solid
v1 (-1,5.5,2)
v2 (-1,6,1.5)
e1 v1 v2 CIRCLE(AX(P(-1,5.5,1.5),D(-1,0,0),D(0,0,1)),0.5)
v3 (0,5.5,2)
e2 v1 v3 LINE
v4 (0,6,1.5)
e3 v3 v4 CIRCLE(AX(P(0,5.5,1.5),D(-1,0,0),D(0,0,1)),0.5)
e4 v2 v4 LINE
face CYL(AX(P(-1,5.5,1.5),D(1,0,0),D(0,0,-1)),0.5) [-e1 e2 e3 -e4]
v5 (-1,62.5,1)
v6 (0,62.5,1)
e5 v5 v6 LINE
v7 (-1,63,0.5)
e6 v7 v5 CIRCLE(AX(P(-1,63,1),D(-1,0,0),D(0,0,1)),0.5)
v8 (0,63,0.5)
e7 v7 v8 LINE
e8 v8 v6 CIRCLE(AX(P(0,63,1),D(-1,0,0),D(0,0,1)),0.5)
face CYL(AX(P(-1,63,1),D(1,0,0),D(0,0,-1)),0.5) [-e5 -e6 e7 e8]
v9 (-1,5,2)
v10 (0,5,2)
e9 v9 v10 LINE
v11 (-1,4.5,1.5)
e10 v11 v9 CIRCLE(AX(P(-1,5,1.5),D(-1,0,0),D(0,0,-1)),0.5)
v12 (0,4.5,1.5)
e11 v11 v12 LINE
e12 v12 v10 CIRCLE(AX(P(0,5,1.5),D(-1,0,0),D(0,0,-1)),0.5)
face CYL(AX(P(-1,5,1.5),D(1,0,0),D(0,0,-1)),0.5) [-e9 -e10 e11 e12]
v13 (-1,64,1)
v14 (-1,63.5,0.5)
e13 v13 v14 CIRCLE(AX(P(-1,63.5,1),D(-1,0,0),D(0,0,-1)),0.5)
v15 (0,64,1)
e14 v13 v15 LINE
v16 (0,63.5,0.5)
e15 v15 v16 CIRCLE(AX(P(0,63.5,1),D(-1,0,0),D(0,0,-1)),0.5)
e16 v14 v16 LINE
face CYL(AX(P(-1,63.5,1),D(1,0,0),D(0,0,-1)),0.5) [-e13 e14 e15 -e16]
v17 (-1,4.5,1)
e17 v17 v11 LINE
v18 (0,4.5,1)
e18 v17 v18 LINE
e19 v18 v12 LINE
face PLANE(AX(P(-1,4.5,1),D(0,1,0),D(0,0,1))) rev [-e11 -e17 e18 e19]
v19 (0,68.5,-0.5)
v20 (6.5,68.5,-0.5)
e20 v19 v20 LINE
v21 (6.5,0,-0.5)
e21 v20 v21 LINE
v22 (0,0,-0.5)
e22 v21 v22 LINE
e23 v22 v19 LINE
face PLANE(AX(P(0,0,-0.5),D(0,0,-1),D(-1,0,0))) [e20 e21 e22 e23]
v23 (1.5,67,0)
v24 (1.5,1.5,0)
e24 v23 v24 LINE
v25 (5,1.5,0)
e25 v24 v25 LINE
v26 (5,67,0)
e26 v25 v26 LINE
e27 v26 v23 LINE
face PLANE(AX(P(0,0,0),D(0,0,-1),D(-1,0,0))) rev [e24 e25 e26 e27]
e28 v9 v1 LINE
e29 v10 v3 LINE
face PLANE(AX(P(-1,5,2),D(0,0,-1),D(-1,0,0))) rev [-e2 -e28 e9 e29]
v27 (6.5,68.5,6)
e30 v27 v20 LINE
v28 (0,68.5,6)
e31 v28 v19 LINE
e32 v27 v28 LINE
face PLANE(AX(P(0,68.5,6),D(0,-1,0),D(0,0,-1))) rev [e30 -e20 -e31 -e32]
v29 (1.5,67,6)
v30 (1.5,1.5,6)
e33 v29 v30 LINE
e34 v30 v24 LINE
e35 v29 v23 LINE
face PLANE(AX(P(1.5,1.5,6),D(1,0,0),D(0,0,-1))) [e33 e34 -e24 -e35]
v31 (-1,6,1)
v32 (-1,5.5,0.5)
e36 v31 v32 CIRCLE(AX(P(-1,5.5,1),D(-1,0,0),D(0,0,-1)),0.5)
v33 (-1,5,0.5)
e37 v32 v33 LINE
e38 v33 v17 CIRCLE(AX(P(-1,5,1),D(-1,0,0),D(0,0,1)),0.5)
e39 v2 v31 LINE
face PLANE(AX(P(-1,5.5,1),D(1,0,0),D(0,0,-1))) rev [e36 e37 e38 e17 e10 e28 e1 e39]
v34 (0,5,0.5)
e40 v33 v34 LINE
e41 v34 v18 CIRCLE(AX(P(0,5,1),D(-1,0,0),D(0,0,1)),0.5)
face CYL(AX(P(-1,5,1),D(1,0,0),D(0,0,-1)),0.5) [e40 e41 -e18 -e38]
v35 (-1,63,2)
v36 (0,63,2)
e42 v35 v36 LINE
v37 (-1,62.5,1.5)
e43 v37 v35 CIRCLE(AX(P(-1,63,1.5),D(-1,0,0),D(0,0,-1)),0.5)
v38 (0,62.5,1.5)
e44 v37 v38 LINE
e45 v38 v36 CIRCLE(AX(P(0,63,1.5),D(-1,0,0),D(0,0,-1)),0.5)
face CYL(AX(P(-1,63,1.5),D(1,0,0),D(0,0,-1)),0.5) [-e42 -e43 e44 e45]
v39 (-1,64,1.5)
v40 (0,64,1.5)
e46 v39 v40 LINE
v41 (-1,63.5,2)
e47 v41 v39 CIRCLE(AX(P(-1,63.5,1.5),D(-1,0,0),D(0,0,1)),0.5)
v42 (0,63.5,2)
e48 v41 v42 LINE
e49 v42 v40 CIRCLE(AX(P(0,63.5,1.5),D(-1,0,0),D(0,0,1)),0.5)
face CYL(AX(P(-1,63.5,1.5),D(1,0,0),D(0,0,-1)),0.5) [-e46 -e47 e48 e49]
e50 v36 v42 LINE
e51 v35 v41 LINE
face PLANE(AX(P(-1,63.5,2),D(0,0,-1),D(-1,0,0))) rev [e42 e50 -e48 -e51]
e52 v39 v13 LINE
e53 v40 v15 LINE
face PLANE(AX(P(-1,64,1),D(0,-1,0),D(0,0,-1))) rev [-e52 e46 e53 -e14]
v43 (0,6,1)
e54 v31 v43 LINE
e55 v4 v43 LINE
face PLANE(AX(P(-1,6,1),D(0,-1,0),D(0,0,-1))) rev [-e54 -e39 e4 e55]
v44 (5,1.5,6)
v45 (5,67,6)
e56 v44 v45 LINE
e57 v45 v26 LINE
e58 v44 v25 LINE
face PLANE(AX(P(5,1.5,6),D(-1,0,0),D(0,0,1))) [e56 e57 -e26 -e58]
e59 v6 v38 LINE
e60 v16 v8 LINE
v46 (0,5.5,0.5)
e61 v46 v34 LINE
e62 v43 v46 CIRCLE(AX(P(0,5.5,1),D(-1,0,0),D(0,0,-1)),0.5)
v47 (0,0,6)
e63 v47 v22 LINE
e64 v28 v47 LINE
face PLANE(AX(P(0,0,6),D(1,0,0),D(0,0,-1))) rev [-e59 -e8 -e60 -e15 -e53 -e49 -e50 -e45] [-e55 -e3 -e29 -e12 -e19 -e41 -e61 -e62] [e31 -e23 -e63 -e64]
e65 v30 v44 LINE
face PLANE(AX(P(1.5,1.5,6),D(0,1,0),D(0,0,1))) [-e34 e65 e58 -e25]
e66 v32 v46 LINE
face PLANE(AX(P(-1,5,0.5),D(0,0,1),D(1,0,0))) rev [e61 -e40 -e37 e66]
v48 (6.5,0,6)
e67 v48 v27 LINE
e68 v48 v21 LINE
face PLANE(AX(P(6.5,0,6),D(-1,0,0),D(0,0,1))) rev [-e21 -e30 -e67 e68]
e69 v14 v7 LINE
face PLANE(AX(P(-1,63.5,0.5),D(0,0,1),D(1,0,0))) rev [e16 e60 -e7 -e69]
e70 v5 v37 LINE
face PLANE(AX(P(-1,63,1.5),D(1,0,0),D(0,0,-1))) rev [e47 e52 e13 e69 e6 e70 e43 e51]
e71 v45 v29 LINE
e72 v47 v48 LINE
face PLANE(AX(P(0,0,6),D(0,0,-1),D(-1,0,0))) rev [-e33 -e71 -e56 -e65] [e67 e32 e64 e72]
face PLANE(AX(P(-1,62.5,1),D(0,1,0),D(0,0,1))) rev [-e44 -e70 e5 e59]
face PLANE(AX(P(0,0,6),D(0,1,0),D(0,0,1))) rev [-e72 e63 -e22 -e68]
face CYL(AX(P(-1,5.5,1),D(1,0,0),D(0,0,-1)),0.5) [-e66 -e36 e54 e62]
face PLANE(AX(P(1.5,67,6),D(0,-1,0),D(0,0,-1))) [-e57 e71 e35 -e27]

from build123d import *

# Parameters (mm, degrees)
SKETCH1_W           = 6.5
SKETCH1_H           = 68.5
SKETCH1_W_2         = 3.5
SKETCH1_H_2         = 65.5
BOSS_EXTRUDE1_DEPTH = 6
SKETCH2_W           = 6.5
SKETCH2_H           = 68.5
BOSS_EXTRUDE2_DEPTH = 0.5
BOSS_EXTRUDE3_DEPTH = 1


with BuildPart() as part:
    # Sketch1 → Boss-Extrude1 (new body)
    with BuildSketch(Plane.XY):
        with Locations((3.25, 34.25)):
            Rectangle(SKETCH1_W, SKETCH1_H)
        with Locations((3.25, 34.25)):
            Rectangle(SKETCH1_W_2, SKETCH1_H_2, mode=Mode.SUBTRACT)
    extrude(amount=BOSS_EXTRUDE1_DEPTH)

    # Sketch2 → Boss-Extrude2 (add)
    with BuildSketch(Plane(origin=(0, 0, 0), x_dir=(-1, 0, 0), z_dir=(0, 0, -1))):
        with Locations((-3.25, 34.25)):
            Rectangle(SKETCH2_W, SKETCH2_H)
    extrude(amount=BOSS_EXTRUDE2_DEPTH)

    # Sketch3 → Boss-Extrude3 (add)
    with BuildSketch(Plane.ZY):
        with BuildLine():
            Line((1, 64), (1.5, 64))
            ThreePointArc((1.5, 64), (1.853553391, 63.853553391), (2, 63.5))
            Line((2, 63.5), (2, 63))
            ThreePointArc((2, 63), (1.853553391, 62.646446609), (1.5, 62.5))
            Line((1.5, 62.5), (1, 62.5))
            ThreePointArc((1, 62.5), (0.646446609, 62.646446609), (0.5, 63))
            Line((0.5, 63), (0.5, 63.5))
            ThreePointArc((0.5, 63.5), (0.646446609, 63.853553391), (1, 64))
        make_face()
        with BuildLine():
            Line((1, 6), (1.5, 6))
            ThreePointArc((1.5, 6), (1.853553391, 5.853553391), (2, 5.5))
            Line((2, 5.5), (2, 5))
            ThreePointArc((2, 5), (1.853553391, 4.646446609), (1.5, 4.5))
            Line((1.5, 4.5), (1, 4.5))
            ThreePointArc((1, 4.5), (0.646446609, 4.646446609), (0.5, 5))
            Line((0.5, 5), (0.5, 5.5))
            ThreePointArc((0.5, 5.5), (0.646446609, 5.853553391), (1, 6))
        make_face()
    extrude(amount=BOSS_EXTRUDE3_DEPTH)


solid = part.part
